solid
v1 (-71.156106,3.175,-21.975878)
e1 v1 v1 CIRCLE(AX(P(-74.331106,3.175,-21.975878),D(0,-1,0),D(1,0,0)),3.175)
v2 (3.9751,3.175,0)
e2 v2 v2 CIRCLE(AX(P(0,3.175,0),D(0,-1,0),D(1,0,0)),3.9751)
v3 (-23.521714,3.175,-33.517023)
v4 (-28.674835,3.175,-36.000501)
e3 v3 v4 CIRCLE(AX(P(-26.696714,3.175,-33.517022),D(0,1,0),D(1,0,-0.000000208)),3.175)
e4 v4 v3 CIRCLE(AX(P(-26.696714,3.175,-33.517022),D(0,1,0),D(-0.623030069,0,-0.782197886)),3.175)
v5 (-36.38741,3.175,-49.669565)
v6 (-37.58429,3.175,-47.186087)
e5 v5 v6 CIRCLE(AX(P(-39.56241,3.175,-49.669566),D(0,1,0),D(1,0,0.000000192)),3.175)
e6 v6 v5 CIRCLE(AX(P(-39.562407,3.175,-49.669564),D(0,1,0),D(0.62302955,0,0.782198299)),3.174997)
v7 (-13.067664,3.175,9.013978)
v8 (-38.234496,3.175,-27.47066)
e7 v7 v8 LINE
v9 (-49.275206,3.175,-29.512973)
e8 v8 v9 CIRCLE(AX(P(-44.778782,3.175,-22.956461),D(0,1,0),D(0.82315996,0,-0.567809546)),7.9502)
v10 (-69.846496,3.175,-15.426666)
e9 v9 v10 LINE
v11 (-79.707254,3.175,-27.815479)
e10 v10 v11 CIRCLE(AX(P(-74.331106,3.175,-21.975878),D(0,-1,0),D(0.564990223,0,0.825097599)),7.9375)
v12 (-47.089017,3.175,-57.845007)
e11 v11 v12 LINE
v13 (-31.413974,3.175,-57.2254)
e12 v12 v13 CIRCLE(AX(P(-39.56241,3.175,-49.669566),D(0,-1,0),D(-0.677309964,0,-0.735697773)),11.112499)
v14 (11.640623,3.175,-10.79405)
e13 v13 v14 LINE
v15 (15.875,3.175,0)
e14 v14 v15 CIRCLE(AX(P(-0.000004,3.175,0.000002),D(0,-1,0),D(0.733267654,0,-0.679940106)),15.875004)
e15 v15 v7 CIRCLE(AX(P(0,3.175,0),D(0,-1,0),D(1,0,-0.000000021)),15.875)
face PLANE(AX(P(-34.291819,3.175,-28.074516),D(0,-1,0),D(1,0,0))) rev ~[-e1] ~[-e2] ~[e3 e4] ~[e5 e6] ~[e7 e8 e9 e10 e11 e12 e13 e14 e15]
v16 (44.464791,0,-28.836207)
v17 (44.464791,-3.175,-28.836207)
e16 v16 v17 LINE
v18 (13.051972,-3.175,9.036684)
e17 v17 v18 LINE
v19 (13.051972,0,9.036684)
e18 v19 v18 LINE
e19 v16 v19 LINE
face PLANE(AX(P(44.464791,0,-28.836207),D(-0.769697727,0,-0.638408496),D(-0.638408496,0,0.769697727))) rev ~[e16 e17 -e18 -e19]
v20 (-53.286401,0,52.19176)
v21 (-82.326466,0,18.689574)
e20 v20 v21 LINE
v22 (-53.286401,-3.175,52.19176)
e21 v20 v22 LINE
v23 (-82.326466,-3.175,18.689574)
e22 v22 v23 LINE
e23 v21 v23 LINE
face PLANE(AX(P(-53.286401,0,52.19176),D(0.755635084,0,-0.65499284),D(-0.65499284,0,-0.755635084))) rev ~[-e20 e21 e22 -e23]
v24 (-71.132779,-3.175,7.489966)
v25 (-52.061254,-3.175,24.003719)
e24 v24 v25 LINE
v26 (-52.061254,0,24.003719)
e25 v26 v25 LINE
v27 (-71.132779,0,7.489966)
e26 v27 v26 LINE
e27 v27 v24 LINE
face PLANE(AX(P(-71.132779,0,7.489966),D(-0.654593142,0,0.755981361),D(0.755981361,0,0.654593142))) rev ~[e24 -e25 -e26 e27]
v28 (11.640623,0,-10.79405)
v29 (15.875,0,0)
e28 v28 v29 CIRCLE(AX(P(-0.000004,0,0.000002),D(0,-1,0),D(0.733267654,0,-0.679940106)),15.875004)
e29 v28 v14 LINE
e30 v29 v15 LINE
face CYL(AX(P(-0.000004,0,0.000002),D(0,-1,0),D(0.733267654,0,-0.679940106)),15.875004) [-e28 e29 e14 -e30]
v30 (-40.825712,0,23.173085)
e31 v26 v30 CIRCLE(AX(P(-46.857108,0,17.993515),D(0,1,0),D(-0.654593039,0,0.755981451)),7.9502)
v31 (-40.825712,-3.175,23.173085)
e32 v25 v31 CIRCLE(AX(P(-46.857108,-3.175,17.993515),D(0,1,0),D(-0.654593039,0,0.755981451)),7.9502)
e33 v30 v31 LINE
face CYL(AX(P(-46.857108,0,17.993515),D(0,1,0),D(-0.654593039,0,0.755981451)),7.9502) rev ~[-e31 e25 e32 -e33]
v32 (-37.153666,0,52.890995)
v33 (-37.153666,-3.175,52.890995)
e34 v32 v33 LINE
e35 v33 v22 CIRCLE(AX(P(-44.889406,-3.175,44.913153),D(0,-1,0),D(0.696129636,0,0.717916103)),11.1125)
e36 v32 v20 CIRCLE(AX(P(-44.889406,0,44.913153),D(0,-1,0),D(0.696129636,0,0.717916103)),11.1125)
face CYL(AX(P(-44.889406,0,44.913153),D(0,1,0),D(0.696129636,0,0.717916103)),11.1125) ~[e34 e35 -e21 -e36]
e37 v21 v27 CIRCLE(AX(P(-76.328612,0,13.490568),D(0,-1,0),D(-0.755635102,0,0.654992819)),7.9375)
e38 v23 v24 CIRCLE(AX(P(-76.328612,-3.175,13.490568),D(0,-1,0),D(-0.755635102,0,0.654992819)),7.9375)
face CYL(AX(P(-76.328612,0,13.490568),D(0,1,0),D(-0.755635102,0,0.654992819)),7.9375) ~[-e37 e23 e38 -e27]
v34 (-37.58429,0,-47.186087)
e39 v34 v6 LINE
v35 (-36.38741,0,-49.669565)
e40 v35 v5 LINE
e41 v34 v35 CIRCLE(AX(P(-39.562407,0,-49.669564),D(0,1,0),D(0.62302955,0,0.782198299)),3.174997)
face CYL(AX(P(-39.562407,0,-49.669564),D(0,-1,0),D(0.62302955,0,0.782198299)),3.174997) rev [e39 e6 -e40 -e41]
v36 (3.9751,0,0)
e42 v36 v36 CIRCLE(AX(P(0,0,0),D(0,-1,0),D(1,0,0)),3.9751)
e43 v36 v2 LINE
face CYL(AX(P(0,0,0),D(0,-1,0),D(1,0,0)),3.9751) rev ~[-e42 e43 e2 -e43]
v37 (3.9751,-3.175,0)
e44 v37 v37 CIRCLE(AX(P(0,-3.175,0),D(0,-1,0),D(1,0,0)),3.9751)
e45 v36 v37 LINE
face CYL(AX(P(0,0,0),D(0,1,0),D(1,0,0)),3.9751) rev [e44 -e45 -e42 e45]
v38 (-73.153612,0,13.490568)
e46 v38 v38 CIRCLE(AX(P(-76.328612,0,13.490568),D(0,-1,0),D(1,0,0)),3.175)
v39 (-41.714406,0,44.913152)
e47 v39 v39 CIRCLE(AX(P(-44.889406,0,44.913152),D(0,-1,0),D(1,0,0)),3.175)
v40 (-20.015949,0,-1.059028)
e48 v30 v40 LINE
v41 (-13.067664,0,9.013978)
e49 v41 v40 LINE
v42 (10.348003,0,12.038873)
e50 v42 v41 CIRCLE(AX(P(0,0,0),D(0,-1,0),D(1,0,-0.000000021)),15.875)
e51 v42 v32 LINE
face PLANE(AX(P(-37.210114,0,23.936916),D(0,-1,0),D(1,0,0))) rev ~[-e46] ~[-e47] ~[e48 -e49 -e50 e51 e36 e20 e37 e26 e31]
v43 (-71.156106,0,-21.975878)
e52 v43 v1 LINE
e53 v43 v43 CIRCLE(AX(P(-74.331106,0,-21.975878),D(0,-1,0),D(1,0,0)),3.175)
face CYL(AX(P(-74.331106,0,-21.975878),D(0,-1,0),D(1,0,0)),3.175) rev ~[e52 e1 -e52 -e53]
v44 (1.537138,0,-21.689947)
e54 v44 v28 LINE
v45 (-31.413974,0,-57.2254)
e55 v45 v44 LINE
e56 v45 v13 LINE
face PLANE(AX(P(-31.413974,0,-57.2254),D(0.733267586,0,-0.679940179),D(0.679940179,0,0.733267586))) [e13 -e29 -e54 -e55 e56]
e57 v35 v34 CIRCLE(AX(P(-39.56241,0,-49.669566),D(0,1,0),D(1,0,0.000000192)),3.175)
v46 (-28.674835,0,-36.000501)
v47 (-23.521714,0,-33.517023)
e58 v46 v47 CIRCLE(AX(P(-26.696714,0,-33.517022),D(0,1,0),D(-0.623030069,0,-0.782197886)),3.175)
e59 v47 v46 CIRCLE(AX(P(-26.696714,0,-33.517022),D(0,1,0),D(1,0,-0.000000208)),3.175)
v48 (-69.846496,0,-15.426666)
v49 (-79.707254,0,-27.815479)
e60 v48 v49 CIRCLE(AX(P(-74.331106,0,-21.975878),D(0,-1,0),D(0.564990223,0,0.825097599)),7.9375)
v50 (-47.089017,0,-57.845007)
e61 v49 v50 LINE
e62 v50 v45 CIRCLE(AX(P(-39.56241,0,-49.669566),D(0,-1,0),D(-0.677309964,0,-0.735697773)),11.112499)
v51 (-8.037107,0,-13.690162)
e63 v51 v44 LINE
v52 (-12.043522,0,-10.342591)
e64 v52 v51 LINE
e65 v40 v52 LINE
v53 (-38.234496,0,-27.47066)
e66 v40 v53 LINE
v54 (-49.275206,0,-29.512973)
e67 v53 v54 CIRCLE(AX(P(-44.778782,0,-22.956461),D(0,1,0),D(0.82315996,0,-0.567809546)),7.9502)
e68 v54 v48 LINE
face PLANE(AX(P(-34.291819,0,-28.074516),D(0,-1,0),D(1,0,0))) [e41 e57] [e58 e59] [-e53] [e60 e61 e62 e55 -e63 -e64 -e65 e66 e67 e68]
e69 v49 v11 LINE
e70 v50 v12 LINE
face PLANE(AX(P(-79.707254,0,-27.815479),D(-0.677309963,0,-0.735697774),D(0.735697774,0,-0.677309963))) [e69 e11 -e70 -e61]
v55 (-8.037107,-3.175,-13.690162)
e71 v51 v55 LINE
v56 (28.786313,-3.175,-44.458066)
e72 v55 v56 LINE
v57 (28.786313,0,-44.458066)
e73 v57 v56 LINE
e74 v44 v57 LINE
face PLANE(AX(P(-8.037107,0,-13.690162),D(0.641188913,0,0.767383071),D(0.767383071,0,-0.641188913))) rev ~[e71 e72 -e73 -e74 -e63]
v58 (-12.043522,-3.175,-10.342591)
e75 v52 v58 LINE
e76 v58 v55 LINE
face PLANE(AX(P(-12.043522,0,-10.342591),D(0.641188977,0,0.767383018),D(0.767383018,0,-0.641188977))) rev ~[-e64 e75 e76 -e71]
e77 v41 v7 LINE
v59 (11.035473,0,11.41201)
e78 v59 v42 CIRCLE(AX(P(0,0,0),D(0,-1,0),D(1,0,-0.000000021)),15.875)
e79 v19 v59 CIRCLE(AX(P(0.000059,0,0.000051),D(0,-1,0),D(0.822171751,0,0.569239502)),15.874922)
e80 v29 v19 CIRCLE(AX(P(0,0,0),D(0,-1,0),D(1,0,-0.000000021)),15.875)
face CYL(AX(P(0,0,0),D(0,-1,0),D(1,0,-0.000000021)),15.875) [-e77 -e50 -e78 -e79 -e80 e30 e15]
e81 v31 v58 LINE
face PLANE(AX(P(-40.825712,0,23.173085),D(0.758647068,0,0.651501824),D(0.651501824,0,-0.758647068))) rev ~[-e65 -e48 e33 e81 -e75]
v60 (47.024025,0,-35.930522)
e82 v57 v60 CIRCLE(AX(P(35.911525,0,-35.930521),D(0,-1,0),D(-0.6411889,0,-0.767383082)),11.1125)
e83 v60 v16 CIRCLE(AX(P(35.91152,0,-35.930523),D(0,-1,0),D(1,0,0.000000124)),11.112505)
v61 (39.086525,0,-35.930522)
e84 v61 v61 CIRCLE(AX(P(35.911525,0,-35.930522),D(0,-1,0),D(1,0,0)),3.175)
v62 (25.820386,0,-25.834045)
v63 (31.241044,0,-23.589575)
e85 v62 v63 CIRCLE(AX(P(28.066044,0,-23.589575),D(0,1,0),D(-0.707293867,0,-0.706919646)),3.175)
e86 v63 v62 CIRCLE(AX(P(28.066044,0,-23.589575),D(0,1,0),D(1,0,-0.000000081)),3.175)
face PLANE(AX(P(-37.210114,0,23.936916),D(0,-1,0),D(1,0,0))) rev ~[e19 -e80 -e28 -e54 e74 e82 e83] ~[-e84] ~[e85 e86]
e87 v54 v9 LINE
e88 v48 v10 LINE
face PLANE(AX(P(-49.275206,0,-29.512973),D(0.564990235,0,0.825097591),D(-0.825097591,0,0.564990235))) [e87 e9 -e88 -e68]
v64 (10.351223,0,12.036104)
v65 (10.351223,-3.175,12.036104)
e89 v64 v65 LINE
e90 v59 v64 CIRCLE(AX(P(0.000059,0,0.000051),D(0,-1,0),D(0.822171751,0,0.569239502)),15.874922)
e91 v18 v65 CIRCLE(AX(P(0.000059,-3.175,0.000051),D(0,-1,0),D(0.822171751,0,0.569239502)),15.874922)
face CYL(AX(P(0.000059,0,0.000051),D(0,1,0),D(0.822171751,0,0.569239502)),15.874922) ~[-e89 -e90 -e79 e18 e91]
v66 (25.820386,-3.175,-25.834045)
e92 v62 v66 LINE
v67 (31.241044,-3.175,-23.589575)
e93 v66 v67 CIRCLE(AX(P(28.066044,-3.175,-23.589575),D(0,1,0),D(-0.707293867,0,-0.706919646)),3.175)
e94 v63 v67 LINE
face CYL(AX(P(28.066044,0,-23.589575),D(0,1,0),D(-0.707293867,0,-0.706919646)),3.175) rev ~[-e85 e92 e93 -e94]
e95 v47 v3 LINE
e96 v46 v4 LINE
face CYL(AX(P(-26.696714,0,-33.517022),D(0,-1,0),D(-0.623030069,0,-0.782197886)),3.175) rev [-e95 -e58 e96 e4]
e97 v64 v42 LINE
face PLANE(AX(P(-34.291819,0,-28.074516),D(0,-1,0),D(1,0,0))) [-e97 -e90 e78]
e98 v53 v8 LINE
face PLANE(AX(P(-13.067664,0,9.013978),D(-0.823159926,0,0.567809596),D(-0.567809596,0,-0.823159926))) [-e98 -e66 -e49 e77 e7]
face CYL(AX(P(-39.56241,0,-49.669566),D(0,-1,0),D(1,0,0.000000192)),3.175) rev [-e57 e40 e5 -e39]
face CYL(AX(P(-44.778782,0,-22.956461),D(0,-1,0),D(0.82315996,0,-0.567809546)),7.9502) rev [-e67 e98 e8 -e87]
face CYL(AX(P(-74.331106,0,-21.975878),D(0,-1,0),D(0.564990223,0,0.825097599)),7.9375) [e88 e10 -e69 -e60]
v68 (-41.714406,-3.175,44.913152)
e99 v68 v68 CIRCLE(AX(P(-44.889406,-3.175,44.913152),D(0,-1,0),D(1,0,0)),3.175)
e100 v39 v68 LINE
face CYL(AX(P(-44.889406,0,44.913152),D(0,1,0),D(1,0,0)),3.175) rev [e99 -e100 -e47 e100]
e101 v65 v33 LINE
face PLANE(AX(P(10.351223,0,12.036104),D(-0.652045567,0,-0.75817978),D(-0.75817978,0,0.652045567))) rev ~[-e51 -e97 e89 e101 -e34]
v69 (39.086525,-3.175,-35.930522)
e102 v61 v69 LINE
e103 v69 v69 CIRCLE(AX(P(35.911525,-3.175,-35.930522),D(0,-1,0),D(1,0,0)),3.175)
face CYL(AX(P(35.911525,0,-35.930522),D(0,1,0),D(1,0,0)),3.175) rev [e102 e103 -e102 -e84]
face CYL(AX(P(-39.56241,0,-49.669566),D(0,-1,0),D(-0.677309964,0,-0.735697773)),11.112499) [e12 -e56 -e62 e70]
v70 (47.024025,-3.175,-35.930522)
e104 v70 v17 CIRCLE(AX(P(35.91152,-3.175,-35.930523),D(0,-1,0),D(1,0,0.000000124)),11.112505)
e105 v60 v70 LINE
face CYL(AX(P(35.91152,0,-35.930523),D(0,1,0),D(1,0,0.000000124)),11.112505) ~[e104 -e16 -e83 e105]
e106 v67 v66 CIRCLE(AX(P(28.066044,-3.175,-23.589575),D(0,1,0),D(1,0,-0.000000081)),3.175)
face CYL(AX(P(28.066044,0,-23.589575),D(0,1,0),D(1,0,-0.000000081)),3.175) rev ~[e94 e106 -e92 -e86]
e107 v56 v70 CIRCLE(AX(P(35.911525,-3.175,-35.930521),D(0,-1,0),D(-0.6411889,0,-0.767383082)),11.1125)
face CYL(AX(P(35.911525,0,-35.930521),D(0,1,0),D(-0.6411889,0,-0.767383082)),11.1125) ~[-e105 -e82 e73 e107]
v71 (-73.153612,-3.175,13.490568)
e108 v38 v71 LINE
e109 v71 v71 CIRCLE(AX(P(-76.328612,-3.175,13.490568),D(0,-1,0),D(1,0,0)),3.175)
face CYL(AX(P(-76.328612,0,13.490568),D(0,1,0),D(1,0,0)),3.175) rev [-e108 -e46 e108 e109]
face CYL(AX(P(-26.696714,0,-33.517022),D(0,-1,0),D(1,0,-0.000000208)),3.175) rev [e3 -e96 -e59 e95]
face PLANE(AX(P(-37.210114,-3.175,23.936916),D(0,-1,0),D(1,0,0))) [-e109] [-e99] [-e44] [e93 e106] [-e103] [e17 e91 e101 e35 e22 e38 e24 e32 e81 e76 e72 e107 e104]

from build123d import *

# Parameters (mm, degrees)
F0_R     = 3.175
F0_R_2   = 3.9751
F1_DEPTH = 3.175
F2_R     = 3.175
F2_R_2   = 3.9751
F3_DEPTH = 3.175


with BuildPart() as f1:
    # F0 (on Front) → F1 (new body)
    with BuildSketch(Plane.XZ):
        with BuildLine():
            ThreePointArc((-12.043522, -10.342591), (-11.221295, 11.229344), (10.351223, 12.036104))
            Line((10.351223, 12.036104), (-37.153666, 52.890995))
            ThreePointArc((-37.153666, 52.890995), (-34.655856, 49.244679), (-33.776906, 44.913152))
            ThreePointArc((-33.776906, 44.913152), (-48.773737, 34.501638), (-53.286401, 52.19176))
            Line((-53.286401, 52.19176), (-82.326466, 18.689574))
            ThreePointArc((-82.326466, 18.689574), (-73.55409, 20.927364), (-68.391112, 13.490568))
            ThreePointArc((-68.391112, 13.490568), (-69.108992, 10.191933), (-71.132779, 7.489966))
            Line((-71.132779, 7.489966), (-52.061254, 24.003719))
            ThreePointArc((-52.061254, 24.003719), (-46.270956, 25.922078), (-40.825712, 23.173085))
            Line((-40.825712, 23.173085), (-12.043522, -10.342591))
        make_face()
        with BuildLine():
            ThreePointArc((-33.776906, 44.913152), (-34.655856, 49.244679), (-37.153666, 52.890995))
            ThreePointArc((-37.153666, 52.890995), (-45.370599, 56.015229), (-53.286401, 52.19176))
            ThreePointArc((-53.286401, 52.19176), (-48.773737, 34.501638), (-33.776906, 44.913152))
        make_face()
        with Locations((-44.889406, 44.913152)):
            Circle(F0_R, mode=Mode.SUBTRACT)
        with BuildLine():
            ThreePointArc((-68.391112, 13.490568), (-73.55409, 20.927364), (-82.326466, 18.689574))
            ThreePointArc((-82.326466, 18.689574), (-81.942756, 7.879392), (-71.132779, 7.489966))
            ThreePointArc((-71.132779, 7.489966), (-69.108992, 10.191933), (-68.391112, 13.490568))
        make_face()
        with Locations((-76.328612, 13.490568)):
            Circle(F0_R, mode=Mode.SUBTRACT)
        with BuildLine():
            ThreePointArc((-8.037107, -13.690162), (7.887539, -13.776877), (15.875, 0))
            ThreePointArc((15.875, 0), (15.152816, 4.733687), (13.051972, 9.036684))
            ThreePointArc((13.051972, 9.036684), (11.79731, 10.622576), (10.351223, 12.036104))
            ThreePointArc((10.351223, 12.036104), (-11.221295, 11.229344), (-12.043522, -10.342591))
            Line((-12.043522, -10.342591), (-8.037107, -13.690162))
        make_face()
        Circle(F0_R_2, mode=Mode.SUBTRACT)
        with BuildLine():
            ThreePointArc((13.051972, 9.036684), (15.152816, 4.733687), (15.875, 0))
            ThreePointArc((15.875, 0), (7.887539, -13.776877), (-8.037107, -13.690162))
            Line((-8.037107, -13.690162), (28.786313, -44.458066))
            ThreePointArc((28.786313, -44.458066), (28.068027, -28.058597), (44.464791, -28.836207))
            Line((44.464791, -28.836207), (13.051972, 9.036684))
        make_face()
        with BuildLine():
            ThreePointArc((25.820386, -25.834045), (26.851412, -20.656097), (31.241044, -23.589575))
            ThreePointArc((31.241044, -23.589575), (29.280676, -26.523053), (25.820386, -25.834045))
        make_face(mode=Mode.SUBTRACT)
        with BuildLine():
            ThreePointArc((47.024025, -35.930522), (46.364654, -32.159614), (44.464791, -28.836207))
            ThreePointArc((44.464791, -28.836207), (28.068027, -28.058597), (28.786313, -44.458066))
            ThreePointArc((28.786313, -44.458066), (40.618368, -45.996965), (47.024025, -35.930522))
        make_face()
        with Locations((35.911525, -35.930522)):
            Circle(F0_R, mode=Mode.SUBTRACT)
    extrude(amount=F1_DEPTH)

    # F2 (on Front) → F3 (join)
    with BuildSketch(Plane.XZ):
        with BuildLine():
            ThreePointArc((11.640623, -10.79405), (-9.929683, -12.386162), (-13.067664, 9.013978))
            Line((-13.067664, 9.013978), (-38.234496, -27.47066))
            ThreePointArc((-38.234496, -27.47066), (-43.332686, -30.774036), (-49.275206, -29.512973))
            Line((-49.275206, -29.512973), (-69.846496, -15.426666))
            ThreePointArc((-69.846496, -15.426666), (-67.309692, -18.274033), (-66.393606, -21.975878))
            ThreePointArc((-66.393606, -21.975878), (-71.142789, -29.24489), (-79.707254, -27.815479))
            Line((-79.707254, -27.815479), (-47.089017, -57.845007))
            ThreePointArc((-47.089017, -57.845007), (-48.001609, -42.439933), (-32.638988, -40.977391))
            ThreePointArc((-32.638988, -40.977391), (-29.551811, -44.845089), (-28.44991, -49.669565))
            ThreePointArc((-28.44991, -49.669565), (-29.217432, -53.727777), (-31.413974, -57.2254))
            Line((-31.413974, -57.2254), (11.640623, -10.79405))
        make_face()
        with BuildLine():
            ThreePointArc((-23.521714, -33.517023), (-25.318293, -36.377194), (-28.674835, -36.000501))
            ThreePointArc((-28.674835, -36.000501), (-28.075136, -30.656851), (-23.521714, -33.517023))
        make_face(mode=Mode.SUBTRACT)
        with BuildLine():
            ThreePointArc((-66.393606, -21.975878), (-67.309692, -18.274033), (-69.846496, -15.426666))
            ThreePointArc((-69.846496, -15.426666), (-80.541531, -17.032749), (-79.707254, -27.815479))
            ThreePointArc((-79.707254, -27.815479), (-71.142789, -29.24489), (-66.393606, -21.975878))
        make_face()
        with Locations((-74.331106, -21.975878)):
            Circle(F2_R, mode=Mode.SUBTRACT)
        with BuildLine():
            ThreePointArc((11.640623, -10.79405), (14.77854, -5.797445), (15.875, 0))
            ThreePointArc((15.875, 0), (4.720512, 15.156926), (-13.067664, 9.013978))
            ThreePointArc((-13.067664, 9.013978), (-9.929683, -12.386162), (11.640623, -10.79405))
        make_face()
        Circle(F2_R_2, mode=Mode.SUBTRACT)
        with BuildLine():
            ThreePointArc((-47.089017, -57.845007), (-39.123496, -60.773394), (-31.413974, -57.2254))
            ThreePointArc((-31.413974, -57.2254), (-29.217432, -53.727777), (-28.44991, -49.669565))
            ThreePointArc((-28.44991, -49.669565), (-29.551811, -44.845089), (-32.638988, -40.977391))
            ThreePointArc((-32.638988, -40.977391), (-48.001609, -42.439933), (-47.089017, -57.845007))
        make_face()
        with BuildLine():
            ThreePointArc((-36.38741, -49.669565), (-42.422581, -51.047987), (-37.58429, -47.186087))
            ThreePointArc((-37.58429, -47.186087), (-36.702239, -48.291143), (-36.38741, -49.669565))
        make_face(mode=Mode.SUBTRACT)
    extrude(amount=-F3_DEPTH)


solid = f1.part
